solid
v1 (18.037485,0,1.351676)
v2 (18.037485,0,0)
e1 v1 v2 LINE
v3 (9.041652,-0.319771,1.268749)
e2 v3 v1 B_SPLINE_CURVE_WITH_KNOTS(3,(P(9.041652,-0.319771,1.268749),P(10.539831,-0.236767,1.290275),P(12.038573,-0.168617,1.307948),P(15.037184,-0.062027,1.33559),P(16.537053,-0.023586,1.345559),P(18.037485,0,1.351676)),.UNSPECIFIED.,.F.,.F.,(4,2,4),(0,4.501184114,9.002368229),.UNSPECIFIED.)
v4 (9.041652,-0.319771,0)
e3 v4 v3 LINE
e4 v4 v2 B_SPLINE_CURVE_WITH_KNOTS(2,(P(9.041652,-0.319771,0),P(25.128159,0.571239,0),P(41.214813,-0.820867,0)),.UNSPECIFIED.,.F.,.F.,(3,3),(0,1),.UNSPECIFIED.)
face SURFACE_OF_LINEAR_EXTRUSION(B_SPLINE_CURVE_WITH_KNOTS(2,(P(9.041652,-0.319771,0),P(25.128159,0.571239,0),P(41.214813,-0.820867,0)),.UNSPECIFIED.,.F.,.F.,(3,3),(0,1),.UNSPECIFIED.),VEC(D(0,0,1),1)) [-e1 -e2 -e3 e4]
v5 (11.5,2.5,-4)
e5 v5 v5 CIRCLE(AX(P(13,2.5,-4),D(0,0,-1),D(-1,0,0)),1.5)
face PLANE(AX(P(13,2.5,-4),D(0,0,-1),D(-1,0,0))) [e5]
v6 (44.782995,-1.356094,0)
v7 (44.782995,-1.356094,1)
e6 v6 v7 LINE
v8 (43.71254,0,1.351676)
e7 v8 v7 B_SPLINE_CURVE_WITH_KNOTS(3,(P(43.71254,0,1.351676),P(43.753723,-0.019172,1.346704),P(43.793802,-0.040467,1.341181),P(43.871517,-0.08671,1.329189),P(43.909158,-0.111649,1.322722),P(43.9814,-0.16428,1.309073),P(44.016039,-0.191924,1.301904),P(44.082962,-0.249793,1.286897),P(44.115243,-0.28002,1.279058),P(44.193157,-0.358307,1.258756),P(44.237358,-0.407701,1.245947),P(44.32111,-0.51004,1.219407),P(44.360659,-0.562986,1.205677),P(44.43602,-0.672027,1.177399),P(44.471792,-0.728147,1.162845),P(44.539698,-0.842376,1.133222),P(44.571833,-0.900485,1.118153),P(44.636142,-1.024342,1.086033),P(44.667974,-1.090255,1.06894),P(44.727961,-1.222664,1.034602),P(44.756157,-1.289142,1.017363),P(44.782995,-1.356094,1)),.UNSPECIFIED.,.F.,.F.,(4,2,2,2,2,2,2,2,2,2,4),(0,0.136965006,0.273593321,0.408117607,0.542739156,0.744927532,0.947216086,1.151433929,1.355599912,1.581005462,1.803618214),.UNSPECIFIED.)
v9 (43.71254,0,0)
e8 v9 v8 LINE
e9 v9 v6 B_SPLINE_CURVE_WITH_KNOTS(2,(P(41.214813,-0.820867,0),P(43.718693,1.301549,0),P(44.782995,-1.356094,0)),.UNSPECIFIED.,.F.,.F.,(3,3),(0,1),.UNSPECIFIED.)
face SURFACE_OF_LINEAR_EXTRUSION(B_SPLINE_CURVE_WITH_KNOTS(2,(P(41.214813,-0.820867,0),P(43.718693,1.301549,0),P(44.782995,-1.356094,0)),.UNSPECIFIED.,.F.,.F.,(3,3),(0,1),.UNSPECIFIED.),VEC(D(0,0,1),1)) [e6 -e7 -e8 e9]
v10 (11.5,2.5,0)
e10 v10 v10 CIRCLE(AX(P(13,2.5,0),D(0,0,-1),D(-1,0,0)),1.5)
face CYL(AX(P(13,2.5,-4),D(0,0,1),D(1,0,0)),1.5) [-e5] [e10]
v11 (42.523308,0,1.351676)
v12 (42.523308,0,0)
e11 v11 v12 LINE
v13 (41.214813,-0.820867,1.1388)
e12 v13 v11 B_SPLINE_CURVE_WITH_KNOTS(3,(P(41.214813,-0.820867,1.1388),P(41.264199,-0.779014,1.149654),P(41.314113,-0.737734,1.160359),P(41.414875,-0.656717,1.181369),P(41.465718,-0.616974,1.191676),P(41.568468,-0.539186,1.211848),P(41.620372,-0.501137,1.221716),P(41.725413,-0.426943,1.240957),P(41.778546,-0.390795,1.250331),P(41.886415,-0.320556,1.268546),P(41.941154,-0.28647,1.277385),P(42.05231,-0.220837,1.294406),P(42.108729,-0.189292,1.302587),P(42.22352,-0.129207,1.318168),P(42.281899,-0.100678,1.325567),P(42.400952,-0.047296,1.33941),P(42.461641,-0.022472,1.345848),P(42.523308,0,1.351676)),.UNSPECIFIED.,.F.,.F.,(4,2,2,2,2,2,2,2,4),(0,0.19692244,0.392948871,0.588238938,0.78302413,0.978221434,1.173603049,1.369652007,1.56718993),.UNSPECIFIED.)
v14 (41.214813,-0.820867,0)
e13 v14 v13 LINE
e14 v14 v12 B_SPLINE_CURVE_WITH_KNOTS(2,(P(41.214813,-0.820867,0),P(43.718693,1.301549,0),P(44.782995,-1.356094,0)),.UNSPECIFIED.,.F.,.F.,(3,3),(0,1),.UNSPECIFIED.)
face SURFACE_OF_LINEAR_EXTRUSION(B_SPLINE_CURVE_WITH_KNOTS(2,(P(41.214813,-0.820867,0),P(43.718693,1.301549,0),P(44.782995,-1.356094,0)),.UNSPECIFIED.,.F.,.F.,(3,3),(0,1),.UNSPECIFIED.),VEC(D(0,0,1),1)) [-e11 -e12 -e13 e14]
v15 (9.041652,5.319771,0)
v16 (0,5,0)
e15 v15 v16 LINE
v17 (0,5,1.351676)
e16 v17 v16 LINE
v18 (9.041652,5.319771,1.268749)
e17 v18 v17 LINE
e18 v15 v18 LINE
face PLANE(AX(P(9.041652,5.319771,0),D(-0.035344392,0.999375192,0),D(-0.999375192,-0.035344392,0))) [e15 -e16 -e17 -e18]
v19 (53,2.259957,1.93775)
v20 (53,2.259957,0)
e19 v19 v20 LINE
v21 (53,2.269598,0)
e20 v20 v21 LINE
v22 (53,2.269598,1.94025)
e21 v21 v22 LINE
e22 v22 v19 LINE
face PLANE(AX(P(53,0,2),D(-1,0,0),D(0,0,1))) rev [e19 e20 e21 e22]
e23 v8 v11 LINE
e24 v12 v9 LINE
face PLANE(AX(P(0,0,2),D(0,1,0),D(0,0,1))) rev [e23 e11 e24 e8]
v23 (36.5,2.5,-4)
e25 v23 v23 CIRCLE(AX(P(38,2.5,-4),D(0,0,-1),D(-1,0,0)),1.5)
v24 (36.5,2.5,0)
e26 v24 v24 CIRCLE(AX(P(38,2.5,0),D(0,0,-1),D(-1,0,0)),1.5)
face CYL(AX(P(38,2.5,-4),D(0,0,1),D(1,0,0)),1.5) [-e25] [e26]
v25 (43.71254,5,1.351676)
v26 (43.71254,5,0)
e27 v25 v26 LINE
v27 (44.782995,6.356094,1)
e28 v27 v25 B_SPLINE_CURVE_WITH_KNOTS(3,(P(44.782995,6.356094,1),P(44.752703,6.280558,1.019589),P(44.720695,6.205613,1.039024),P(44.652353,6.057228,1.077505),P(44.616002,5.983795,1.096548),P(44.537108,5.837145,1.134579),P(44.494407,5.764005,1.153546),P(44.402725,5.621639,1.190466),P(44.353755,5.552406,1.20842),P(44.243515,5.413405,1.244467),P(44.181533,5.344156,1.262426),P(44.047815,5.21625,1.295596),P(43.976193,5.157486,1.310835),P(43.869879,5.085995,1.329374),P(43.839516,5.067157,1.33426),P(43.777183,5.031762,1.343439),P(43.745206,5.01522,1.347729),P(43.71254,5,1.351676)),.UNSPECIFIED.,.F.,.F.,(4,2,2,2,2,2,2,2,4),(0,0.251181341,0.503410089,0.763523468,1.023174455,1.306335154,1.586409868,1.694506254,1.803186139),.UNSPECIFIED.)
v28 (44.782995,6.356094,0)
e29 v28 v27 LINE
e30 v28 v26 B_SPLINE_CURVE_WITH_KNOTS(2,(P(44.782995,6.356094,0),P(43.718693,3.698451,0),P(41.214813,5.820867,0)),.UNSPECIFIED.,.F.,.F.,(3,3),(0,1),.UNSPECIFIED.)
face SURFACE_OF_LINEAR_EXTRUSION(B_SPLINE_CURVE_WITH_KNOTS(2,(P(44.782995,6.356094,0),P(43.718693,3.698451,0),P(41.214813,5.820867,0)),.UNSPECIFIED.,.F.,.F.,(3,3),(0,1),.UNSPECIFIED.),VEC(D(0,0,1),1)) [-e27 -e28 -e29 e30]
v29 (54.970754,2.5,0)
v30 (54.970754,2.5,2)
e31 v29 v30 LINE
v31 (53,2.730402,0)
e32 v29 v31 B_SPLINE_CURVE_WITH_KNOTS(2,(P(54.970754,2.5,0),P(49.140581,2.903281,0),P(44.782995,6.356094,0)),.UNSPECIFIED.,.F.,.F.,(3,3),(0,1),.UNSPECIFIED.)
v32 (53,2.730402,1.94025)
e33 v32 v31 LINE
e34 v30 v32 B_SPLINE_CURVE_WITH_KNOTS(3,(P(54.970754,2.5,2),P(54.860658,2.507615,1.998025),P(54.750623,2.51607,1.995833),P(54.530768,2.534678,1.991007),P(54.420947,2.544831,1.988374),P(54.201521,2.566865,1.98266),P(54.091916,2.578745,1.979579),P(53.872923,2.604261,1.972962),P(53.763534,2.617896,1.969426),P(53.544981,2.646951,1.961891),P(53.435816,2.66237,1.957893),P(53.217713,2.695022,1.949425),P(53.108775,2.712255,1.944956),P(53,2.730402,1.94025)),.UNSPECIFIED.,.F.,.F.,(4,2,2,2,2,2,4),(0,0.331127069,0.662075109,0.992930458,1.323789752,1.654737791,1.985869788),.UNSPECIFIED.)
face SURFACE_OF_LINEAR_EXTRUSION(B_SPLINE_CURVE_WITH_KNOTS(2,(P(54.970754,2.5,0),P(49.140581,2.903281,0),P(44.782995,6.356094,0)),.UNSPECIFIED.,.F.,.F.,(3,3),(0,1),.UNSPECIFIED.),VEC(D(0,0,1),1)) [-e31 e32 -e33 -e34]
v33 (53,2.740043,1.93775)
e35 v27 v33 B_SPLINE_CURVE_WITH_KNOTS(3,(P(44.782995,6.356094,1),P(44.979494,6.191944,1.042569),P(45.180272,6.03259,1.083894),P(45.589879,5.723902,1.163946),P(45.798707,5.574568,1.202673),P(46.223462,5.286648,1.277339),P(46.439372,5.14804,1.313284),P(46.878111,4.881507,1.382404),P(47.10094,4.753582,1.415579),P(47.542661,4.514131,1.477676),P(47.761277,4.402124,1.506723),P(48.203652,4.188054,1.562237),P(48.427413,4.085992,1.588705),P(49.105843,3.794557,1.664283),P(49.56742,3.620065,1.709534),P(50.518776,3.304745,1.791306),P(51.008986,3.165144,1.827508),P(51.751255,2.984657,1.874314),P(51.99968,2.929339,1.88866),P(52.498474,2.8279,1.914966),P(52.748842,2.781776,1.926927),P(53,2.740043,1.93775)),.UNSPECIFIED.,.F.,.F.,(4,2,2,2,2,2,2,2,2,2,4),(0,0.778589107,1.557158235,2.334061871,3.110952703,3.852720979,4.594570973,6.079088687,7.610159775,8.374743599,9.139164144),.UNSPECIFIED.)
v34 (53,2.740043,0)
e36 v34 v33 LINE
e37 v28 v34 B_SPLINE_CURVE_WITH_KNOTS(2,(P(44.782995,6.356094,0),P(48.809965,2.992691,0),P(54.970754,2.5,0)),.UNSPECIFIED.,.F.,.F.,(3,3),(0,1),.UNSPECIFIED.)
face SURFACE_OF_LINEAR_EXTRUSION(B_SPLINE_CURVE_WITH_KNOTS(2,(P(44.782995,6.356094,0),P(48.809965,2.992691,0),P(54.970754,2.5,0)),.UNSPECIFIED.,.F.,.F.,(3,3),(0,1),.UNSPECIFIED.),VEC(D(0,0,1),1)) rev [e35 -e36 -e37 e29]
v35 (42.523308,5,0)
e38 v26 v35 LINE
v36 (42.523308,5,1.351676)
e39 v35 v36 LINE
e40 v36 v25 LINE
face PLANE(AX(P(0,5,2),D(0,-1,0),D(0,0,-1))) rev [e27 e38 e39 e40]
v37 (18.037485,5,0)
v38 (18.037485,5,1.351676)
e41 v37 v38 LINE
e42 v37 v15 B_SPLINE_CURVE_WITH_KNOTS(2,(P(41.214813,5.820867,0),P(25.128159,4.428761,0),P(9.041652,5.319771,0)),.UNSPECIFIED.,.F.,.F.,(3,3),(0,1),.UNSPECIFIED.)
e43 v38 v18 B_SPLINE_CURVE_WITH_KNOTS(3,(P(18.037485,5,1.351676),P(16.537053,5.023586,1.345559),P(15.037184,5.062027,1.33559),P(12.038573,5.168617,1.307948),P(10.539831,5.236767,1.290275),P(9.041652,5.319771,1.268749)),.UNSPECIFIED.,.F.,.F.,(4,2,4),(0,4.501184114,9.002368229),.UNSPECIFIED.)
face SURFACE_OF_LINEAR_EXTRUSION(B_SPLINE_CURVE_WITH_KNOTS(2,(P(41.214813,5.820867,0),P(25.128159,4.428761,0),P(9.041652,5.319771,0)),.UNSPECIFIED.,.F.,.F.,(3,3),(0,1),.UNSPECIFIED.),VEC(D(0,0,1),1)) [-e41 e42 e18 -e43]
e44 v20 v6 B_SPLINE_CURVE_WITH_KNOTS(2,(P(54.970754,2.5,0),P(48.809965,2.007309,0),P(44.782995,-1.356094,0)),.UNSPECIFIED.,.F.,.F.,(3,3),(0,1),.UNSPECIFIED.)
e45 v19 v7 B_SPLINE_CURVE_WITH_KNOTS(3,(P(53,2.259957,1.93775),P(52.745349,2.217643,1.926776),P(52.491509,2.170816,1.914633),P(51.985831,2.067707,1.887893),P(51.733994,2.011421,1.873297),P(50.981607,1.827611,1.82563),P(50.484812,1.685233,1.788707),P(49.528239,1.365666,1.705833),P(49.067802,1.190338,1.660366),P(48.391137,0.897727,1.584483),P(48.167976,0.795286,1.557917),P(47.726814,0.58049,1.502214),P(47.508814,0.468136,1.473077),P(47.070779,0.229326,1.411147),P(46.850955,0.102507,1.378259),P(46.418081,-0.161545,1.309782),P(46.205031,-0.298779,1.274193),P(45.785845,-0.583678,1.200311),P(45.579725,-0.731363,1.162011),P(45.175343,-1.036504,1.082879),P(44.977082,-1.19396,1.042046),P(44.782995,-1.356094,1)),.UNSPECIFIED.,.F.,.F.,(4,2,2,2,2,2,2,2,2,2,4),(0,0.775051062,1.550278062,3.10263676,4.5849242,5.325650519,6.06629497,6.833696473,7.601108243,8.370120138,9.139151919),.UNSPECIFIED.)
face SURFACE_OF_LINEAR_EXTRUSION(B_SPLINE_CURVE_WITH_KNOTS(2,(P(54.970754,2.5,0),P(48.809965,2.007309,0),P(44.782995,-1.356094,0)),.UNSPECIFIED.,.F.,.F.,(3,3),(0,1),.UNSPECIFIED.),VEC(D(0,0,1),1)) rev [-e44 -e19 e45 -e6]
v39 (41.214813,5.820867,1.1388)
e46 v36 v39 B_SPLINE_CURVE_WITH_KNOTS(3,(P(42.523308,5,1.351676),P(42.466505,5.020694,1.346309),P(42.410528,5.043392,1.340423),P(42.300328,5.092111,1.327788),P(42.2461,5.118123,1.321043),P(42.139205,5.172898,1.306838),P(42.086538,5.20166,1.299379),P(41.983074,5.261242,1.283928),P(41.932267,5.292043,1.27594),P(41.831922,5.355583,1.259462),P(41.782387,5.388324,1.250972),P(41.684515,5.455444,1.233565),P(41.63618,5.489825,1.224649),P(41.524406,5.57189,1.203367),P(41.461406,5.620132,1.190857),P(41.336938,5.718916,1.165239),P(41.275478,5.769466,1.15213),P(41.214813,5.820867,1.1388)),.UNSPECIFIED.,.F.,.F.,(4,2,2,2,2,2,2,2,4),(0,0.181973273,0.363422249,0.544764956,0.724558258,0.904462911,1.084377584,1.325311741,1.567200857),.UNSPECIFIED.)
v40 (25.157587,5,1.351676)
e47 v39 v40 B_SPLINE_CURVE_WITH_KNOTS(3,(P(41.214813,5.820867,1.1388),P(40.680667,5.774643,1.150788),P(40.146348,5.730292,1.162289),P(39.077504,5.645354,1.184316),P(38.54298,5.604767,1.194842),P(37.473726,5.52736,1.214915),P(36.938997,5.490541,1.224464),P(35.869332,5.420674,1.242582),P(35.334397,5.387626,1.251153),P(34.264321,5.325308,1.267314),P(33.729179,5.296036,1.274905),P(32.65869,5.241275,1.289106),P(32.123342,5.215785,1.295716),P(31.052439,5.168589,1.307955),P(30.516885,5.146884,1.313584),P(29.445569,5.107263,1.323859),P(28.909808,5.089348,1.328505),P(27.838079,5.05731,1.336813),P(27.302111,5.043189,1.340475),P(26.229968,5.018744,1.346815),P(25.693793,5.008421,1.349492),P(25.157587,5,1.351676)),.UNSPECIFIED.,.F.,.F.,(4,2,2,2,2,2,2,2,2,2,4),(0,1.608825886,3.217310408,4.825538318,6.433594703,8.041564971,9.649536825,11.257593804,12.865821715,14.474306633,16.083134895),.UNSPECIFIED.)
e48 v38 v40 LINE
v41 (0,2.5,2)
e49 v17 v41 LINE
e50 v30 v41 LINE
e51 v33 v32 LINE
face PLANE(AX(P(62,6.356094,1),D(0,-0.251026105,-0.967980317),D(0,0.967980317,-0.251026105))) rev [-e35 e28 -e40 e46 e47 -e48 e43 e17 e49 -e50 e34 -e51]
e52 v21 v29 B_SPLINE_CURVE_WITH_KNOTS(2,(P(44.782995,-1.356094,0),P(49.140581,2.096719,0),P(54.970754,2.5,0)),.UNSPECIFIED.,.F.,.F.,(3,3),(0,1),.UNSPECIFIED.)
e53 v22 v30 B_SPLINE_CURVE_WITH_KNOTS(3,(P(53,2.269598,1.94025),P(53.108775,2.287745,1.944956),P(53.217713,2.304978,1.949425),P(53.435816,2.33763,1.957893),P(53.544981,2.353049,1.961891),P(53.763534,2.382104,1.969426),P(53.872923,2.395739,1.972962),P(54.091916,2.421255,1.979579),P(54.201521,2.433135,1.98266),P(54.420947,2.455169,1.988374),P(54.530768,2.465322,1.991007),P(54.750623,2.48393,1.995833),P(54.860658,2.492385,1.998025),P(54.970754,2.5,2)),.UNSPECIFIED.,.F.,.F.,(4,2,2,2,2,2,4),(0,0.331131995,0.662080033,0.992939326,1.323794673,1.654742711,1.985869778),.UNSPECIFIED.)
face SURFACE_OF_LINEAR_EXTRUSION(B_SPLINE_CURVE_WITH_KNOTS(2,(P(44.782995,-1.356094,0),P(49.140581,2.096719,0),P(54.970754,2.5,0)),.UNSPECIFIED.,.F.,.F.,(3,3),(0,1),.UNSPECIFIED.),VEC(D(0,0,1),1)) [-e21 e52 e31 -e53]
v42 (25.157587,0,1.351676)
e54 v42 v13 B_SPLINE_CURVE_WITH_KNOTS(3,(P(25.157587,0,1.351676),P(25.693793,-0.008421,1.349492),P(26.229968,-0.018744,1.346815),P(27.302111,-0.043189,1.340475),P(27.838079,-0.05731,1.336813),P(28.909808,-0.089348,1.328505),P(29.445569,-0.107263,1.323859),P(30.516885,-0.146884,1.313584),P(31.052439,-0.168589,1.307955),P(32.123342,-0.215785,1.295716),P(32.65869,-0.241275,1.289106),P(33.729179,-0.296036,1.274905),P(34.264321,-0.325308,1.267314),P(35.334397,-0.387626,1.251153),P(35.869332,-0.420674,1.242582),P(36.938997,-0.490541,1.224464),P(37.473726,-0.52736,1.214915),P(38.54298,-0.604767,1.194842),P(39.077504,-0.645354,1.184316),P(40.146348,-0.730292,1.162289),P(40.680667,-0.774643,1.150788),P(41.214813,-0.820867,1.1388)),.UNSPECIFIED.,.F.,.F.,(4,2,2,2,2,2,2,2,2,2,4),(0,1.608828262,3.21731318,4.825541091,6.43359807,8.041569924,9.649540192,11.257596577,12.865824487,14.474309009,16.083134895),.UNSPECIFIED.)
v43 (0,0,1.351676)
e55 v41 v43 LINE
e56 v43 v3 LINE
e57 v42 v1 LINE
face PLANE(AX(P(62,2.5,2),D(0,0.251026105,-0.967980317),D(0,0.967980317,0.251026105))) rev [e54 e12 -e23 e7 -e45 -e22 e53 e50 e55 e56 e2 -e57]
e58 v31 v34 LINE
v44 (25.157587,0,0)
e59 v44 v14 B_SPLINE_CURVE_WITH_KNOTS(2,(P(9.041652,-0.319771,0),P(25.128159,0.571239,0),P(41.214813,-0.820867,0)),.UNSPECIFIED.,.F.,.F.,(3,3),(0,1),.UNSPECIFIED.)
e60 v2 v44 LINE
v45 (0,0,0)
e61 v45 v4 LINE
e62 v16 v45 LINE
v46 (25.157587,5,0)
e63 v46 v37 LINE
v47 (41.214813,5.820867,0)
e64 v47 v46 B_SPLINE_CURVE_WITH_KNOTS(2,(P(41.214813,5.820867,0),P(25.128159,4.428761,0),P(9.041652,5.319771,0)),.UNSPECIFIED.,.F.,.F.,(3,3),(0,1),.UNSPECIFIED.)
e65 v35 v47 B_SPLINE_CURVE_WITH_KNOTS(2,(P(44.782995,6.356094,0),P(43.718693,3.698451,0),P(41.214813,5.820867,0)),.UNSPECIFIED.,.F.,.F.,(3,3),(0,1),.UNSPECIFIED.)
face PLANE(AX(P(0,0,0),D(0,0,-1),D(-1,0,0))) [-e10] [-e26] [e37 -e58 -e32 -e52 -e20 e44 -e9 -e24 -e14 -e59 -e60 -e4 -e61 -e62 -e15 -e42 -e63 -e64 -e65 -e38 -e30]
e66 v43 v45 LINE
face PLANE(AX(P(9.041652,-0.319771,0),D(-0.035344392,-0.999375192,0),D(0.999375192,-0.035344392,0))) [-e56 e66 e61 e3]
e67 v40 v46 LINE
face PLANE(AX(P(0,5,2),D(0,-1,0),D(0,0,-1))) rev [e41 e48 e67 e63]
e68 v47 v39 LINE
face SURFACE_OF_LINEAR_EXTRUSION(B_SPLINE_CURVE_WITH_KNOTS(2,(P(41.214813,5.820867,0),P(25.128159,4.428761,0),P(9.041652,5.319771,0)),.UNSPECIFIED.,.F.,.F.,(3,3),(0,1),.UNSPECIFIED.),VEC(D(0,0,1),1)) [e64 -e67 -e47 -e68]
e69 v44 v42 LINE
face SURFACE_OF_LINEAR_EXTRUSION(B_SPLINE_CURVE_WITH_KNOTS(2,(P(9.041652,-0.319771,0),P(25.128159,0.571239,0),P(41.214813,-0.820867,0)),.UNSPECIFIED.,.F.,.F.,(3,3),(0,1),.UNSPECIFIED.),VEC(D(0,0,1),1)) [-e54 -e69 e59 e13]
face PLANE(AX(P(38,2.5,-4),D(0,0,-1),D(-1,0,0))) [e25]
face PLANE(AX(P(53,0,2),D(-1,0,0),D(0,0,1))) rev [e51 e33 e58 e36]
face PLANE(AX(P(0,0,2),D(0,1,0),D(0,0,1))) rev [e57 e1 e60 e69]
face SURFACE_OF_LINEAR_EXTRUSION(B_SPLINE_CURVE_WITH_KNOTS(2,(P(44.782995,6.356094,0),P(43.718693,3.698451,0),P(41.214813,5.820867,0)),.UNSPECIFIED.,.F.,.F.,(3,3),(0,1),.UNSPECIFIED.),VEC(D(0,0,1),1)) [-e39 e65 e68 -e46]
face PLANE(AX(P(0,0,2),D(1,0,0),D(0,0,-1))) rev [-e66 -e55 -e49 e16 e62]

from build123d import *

# Parameters (mm, degrees)
SKIZZE1_W                       = 53
SKIZZE1_H                       = 5
AUFSATZ_LINEAR_AUSTRAGEN1_DEPTH = 2
SKIZZE2_R                       = 1.5
AUFSATZ_LINEAR_AUSTRAGEN2_DEPTH = 4
AUFSATZ_LINEAR_AUSTRAGEN3_DEPTH = 2
SCHNITT_LINEAR_AUSTRAGEN1_DEPTH = 2
SCHNITT_LINEAR_AUSTRAGEN2_DEPTH = 62


with BuildPart() as part:
    # Skizze1 → Aufsatz-Linear austragen1 (new body)
    with BuildSketch(Plane.XY):
        with Locations((26.5, 2.5)):
            Rectangle(SKIZZE1_W, SKIZZE1_H)
    extrude(amount=AUFSATZ_LINEAR_AUSTRAGEN1_DEPTH)

    # Skizze2 → Aufsatz-Linear austragen2 (add)
    with BuildSketch(Plane(origin=(0, 0, 0), x_dir=(-1, 0, 0), z_dir=(0, 0, -1))):
        with Locations((-38, 2.5)):
            Circle(SKIZZE2_R)
        with Locations((-13, 2.5)):
            Circle(SKIZZE2_R)
    extrude(amount=AUFSATZ_LINEAR_AUSTRAGEN2_DEPTH)

    # Skizze3 → Aufsatz-Linear austragen3 (add)
    with BuildSketch(Plane.XY.offset(2)):
        with BuildLine():
            Line((9.041652249, 5.319771497), (0, 5))
            Line((0, 5), (0, 0))
            Line((0, 0), (9.041652249, -0.319771497))
            add(Edge.make_bspline(
                [(41.214812909, -0.82086692), (25.128158575, 0.571238551), (9.041652249, -0.319771497)],
                knots=[0, 0, 0, 1, 1, 1], degree=2))
            add(Edge.make_bspline(
                [(44.782995012, -1.356094236), (43.718693427, 1.301548712), (41.214812909, -0.82086692)],
                knots=[0, 0, 0, 1, 1, 1], degree=2))
            add(Edge.make_bspline(
                [(54.97075372, 2.5), (49.140580599, 2.096719237), (44.782995012, -1.356094236)],
                knots=[0, 0, 0, 1, 1, 1], degree=2))
            add(Edge.make_bspline(
                [(54.97075372, 2.5), (49.140580599, 2.903280763), (44.782995012, 6.356094236)],
                knots=[0, 0, 0, 1, 1, 1], degree=2))
            add(Edge.make_bspline(
                [(44.782995012, 6.356094236), (43.718693427, 3.698451288), (41.214812909, 5.82086692)],
                knots=[0, 0, 0, 1, 1, 1], degree=2))
            add(Edge.make_bspline(
                [(41.214812909, 5.82086692), (25.128158575, 4.428761449), (9.041652249, 5.319771497)],
                knots=[0, 0, 0, 1, 1, 1], degree=2))
        make_face()
    extrude(amount=-AUFSATZ_LINEAR_AUSTRAGEN3_DEPTH)

    # Skizze4 → Schnitt-Linear austragen1 (cut)
    with BuildSketch(Plane.XY.offset(2)):
        with BuildLine():
            Line((44.782995012, -1.356094236), (55.574942563, -1.356094236))
            Line((55.574942563, -1.356094236), (55.574942563, 6.356094236))
            Line((55.574942563, 6.356094236), (44.782995012, 6.356094236))
            add(Edge.make_bspline(
                [(44.782995012, 6.356094236), (48.809965084, 2.992691468), (54.97075372, 2.5)],
                knots=[0, 0, 0, 1, 1, 1], degree=2))
            add(Edge.make_bspline(
                [(44.782995012, -1.356094236), (48.809965084, 2.007308532), (54.97075372, 2.5)],
                knots=[0, 0, 0, 1, 1, 1], degree=2))
        make_face()
    extrude(amount=-SCHNITT_LINEAR_AUSTRAGEN1_DEPTH, mode=Mode.SUBTRACT)

    # Skizze5 → Schnitt-Linear austragen2 (cut)
    with BuildSketch(Plane.ZY):
        Polygon((1, 6.356094236), (2, 2.5), (1, -1.356094236), (2.237806681, -1.356094236), (2.319741109, 6.356094236), align=None)
    extrude(amount=-SCHNITT_LINEAR_AUSTRAGEN2_DEPTH, mode=Mode.SUBTRACT)


solid = part.part
